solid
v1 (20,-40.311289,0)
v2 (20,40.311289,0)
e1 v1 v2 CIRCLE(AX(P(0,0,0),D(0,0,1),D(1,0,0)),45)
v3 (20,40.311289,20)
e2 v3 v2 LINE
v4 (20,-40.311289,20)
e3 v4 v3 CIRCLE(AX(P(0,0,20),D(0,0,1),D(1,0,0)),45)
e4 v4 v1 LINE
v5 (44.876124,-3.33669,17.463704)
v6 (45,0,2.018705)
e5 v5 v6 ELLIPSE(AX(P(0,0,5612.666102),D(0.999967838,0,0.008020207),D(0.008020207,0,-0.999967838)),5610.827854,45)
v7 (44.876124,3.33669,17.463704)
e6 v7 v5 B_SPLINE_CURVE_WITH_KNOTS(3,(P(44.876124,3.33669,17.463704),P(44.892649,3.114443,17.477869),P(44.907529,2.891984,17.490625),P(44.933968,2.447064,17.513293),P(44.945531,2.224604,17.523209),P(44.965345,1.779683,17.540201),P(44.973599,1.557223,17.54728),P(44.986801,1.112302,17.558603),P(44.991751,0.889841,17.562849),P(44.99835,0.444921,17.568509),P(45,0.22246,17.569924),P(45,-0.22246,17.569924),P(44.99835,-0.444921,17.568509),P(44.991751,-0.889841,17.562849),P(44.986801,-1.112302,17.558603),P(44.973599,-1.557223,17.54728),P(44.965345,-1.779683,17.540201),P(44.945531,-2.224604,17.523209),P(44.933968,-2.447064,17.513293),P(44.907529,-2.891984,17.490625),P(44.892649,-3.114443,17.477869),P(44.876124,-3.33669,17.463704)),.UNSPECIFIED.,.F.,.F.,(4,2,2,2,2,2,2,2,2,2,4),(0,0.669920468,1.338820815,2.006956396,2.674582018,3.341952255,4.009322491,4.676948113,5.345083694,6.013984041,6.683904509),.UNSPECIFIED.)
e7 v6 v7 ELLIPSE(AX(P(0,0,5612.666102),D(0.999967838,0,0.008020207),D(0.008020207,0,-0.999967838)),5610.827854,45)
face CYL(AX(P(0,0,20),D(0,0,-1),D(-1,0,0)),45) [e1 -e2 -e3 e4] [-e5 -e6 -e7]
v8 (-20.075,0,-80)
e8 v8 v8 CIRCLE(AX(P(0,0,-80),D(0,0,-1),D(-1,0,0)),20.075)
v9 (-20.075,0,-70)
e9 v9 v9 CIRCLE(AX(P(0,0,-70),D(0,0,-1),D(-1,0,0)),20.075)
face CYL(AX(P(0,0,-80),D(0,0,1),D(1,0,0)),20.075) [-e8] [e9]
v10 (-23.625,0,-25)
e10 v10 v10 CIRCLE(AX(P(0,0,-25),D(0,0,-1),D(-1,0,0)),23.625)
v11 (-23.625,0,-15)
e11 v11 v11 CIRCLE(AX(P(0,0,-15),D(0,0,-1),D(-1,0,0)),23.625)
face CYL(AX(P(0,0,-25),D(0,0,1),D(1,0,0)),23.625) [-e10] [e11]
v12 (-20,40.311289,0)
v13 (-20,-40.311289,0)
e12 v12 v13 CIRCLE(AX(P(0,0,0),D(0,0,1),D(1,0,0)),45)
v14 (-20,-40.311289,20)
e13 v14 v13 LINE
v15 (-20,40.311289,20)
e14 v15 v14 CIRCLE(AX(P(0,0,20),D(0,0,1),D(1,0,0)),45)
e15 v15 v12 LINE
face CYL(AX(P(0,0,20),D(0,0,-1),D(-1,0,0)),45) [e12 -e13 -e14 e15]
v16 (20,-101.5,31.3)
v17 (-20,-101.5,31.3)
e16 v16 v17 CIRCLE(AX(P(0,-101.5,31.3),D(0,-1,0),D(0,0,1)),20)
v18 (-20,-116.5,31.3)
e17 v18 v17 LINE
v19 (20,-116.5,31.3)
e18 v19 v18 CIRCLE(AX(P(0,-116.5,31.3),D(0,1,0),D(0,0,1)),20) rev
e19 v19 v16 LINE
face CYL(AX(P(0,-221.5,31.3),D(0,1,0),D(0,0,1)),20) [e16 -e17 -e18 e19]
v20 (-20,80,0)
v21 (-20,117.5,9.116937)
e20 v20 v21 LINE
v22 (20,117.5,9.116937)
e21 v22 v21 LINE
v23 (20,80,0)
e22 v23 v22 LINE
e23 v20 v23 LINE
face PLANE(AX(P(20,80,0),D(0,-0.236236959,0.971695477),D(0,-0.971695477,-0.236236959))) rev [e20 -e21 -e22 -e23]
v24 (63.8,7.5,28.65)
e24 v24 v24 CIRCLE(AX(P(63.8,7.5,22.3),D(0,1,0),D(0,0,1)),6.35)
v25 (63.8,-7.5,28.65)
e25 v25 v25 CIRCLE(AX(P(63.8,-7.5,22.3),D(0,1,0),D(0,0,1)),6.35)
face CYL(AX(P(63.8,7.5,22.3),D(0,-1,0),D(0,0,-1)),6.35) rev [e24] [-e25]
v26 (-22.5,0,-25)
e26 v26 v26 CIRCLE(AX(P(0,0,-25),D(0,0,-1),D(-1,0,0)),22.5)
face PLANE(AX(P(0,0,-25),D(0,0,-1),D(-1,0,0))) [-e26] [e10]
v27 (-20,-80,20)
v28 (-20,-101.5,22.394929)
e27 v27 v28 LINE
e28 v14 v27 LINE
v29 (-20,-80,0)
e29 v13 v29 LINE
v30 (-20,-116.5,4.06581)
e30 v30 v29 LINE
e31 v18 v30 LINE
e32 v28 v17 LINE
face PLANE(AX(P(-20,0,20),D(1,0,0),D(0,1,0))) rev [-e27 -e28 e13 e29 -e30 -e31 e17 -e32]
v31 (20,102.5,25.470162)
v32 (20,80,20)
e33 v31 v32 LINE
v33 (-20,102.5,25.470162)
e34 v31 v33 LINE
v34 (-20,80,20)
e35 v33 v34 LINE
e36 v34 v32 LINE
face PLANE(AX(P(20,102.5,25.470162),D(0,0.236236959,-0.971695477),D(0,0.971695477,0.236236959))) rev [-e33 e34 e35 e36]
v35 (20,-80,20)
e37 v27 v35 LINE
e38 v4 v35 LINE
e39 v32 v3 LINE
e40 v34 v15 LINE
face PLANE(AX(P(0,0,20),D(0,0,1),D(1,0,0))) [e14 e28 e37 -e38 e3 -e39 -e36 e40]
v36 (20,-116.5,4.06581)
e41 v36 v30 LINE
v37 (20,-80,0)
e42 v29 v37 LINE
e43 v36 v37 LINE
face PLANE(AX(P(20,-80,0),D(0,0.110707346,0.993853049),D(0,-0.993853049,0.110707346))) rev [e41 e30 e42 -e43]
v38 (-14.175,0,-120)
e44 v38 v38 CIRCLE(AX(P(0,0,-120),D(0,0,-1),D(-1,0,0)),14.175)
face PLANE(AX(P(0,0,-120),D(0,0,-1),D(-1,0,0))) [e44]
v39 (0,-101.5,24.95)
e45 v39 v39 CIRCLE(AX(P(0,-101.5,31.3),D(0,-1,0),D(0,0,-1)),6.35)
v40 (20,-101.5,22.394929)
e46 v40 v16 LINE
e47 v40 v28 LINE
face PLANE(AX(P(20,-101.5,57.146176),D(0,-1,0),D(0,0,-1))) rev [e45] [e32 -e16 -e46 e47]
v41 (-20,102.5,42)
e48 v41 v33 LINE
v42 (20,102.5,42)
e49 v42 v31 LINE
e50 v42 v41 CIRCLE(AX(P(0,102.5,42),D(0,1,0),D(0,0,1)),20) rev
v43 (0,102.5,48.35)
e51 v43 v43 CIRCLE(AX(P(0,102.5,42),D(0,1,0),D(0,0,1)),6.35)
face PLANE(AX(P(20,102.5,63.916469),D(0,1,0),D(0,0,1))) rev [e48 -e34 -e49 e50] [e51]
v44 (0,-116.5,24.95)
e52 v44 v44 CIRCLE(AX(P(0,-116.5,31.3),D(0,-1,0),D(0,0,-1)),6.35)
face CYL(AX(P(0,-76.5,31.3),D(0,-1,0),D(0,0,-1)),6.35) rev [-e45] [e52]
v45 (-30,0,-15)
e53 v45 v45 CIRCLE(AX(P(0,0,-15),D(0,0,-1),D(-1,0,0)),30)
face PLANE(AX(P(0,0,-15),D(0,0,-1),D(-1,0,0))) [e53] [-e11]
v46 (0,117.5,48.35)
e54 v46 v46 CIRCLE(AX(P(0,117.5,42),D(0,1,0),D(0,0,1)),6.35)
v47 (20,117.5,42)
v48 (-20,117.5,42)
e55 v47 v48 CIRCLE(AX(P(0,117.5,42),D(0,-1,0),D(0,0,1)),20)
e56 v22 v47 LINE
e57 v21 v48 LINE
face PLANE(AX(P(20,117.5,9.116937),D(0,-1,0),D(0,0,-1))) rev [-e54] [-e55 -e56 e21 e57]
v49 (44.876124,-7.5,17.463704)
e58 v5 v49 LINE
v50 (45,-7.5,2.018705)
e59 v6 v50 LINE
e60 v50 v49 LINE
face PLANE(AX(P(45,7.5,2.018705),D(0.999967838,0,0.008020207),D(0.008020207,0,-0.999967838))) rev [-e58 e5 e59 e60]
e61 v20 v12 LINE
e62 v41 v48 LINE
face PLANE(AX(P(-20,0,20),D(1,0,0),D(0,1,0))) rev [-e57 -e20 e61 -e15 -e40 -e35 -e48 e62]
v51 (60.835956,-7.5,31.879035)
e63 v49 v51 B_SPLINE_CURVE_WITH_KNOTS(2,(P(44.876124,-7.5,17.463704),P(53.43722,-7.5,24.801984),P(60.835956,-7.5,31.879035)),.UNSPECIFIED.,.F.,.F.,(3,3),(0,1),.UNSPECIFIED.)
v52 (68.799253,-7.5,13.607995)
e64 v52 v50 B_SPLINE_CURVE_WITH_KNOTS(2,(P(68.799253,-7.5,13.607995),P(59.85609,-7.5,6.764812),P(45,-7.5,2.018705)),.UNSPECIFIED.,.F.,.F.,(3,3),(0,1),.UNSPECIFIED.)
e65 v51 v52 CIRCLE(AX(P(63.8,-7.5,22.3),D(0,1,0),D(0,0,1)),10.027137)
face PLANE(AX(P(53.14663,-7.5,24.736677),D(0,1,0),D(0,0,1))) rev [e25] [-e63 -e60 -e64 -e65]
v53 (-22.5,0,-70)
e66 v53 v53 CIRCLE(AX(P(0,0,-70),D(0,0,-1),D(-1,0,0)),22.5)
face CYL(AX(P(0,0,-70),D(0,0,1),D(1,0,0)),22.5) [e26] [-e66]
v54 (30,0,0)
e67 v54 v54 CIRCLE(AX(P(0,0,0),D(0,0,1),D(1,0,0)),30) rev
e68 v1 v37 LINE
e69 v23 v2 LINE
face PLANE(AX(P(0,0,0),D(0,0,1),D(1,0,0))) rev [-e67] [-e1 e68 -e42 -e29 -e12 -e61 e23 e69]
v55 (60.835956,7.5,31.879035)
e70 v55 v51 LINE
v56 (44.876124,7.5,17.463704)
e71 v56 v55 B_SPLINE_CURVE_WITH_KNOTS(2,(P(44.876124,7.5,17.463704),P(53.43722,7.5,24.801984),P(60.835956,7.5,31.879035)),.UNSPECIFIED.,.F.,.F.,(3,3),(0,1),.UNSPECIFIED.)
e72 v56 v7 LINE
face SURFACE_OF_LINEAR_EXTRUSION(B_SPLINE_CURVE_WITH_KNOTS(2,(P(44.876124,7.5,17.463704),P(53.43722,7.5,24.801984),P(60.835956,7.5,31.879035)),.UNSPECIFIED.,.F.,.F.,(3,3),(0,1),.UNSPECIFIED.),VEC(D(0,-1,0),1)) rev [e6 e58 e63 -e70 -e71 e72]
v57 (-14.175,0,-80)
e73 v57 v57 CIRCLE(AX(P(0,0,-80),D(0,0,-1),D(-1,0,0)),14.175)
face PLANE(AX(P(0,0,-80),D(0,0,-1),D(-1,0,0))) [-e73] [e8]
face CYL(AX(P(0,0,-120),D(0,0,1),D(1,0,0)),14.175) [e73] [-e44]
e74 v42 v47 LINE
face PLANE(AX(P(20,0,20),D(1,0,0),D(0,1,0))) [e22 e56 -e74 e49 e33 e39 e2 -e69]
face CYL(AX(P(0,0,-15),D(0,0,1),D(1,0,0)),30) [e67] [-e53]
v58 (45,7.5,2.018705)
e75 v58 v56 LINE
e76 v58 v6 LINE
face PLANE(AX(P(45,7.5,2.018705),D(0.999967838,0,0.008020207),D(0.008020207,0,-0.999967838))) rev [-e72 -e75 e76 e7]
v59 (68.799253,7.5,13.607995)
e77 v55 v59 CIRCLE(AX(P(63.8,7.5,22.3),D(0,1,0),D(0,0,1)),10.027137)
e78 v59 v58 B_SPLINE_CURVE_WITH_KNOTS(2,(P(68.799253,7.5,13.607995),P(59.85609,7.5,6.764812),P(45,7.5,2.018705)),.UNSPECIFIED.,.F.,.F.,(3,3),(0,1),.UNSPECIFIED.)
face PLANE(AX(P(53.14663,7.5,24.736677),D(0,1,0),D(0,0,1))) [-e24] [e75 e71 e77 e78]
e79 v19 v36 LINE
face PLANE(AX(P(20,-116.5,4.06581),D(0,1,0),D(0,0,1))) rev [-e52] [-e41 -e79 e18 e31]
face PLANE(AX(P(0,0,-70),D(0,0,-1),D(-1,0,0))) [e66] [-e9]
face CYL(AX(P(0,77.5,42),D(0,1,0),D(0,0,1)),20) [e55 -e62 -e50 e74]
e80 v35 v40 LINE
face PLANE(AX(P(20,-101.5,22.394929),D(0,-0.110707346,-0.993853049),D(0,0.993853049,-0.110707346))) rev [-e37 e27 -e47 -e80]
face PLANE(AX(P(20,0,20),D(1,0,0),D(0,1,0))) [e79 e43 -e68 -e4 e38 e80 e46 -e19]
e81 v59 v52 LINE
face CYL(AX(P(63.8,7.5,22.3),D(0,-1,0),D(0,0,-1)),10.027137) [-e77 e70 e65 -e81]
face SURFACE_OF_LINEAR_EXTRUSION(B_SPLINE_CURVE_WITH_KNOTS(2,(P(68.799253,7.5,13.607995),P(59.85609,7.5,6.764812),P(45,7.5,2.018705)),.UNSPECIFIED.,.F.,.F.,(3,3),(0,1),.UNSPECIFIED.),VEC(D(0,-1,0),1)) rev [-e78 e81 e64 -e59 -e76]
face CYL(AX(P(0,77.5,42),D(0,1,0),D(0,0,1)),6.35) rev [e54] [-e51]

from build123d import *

# Parameters (mm, degrees)
BOSS_EXTRUDE1_DEPTH = 20
BOSS_EXTRUDE2_DEPTH = 20
CUT_EXTRUDE1_DEPTH  = 40
SKETCH3_R           = 6.35
CUT_EXTRUDE2_DEPTH  = 40
BOSS_EXTRUDE3_DEPTH = 20
SKETCH6_R           = 6.35
CUT_EXTRUDE4_DEPTH  = 40
SKETCH9_R           = 30
SKETCH9_R_2         = 23.625
BOSS_EXTRUDE4_DEPTH = 15
SKETCH9_3_R         = 23.625
SKETCH9_3_R_2       = 22.5
BOSS_EXTRUDE5_DEPTH = 25
SKETCH9_4_R         = 22.5
SKETCH9_4_R_2       = 20.075
BOSS_EXTRUDE6_DEPTH = 70
SKETCH9_5_R         = 20.075
SKETCH9_5_R_2       = 14.175
BOSS_EXTRUDE7_DEPTH = 80
SKETCH9_6_R         = 14.175
BOSS_EXTRUDE8_DEPTH = 120
CUT_EXTRUDE5_DEPTH  = 120
SKETCH12_R          = 6.35
BOSS_EXTRUDE9_DEPTH = 7.5


with BuildPart() as part:
    # Sketch1 → Boss-Extrude1 (new body)
    with BuildSketch(Plane.XY):
        with BuildLine():
            Line((20, 80), (-20, 80))
            Line((-20, 80), (-20, 40.311288741))
            ThreePointArc((-20, 40.311288741), (-45, 0), (-20, -40.311288741))
            Line((-20, -40.311288741), (-20, -80))
            Line((-20, -80), (20, -80))
            Line((20, -80), (20, -40.311288741))
            ThreePointArc((20, -40.311288741), (45, 0), (20, 40.311288741))
            Line((20, 40.311288741), (20, 80))
        make_face()
    extrude(amount=BOSS_EXTRUDE1_DEPTH)

    # Sketch2 → Boss-Extrude2 (add, symmetric)
    with BuildSketch(Plane(origin=(0, 0, 0), x_dir=(0, 0, -1), z_dir=(1, 0, 0))):
        Polygon((-20, 80), (0, 80), (-9.116936514, 117.5), (-63.916468616, 117.5), (-63.916468616, 102.5), (-25.470161908, 102.5), align=None)
    extrude(amount=BOSS_EXTRUDE2_DEPTH, both=True)

    # Sketch4 → Cut-Extrude1 (cut)
    with BuildSketch(Plane(origin=(0, 117.5, 0), x_dir=(1, 0, 0), z_dir=(0, 1, 0))):
        with BuildLine():
            Line((-20, -42), (-20, -63.916468616))
            Line((-20, -63.916468616), (20, -63.916468616))
            Line((20, -63.916468616), (20, -42))
            ThreePointArc((20, -42), (0, -62), (-20, -42))
        make_face()
    extrude(amount=-CUT_EXTRUDE1_DEPTH, mode=Mode.SUBTRACT)

    # Sketch3 → Cut-Extrude2 (cut)
    with BuildSketch(Plane(origin=(0, 117.5, 0), x_dir=(1, 0, 0), z_dir=(0, 1, 0))):
        with Locations((0, -42)):
            Circle(SKETCH3_R)
    extrude(amount=-CUT_EXTRUDE2_DEPTH, mode=Mode.SUBTRACT)

    # Sketch5 → Boss-Extrude3 (add, symmetric)
    with BuildSketch(Plane(origin=(0, 0, 0), x_dir=(0, 0, -1), z_dir=(1, 0, 0))):
        Polygon((-20, -80), (0, -80), (-4.065810475, -116.5), (-57.146175878, -116.5), (-57.146175878, -101.5), (-22.394929458, -101.5), align=None)
    extrude(amount=BOSS_EXTRUDE3_DEPTH, both=True)

    # Sketch6 → Cut-Extrude4 (cut)
    with BuildSketch(Plane.XZ.offset(116.5)):
        with Locations((0, 31.3)):
            Circle(SKETCH6_R)
    extrude(amount=-CUT_EXTRUDE4_DEPTH, mode=Mode.SUBTRACT)

    # Sketch9 → Boss-Extrude4 (add)
    with BuildSketch(Plane(origin=(0, 0, 0), x_dir=(-1, 0, 0), z_dir=(0, 0, -1))):
        Circle(SKETCH9_R)
        Circle(SKETCH9_R_2, mode=Mode.SUBTRACT)
    extrude(amount=BOSS_EXTRUDE4_DEPTH)

    # Sketch9<3> → Boss-Extrude5 (add)
    with BuildSketch(Plane(origin=(0, 0, 0), x_dir=(-1, 0, 0), z_dir=(0, 0, -1))):
        Circle(SKETCH9_3_R)
        Circle(SKETCH9_3_R_2, mode=Mode.SUBTRACT)
    extrude(amount=BOSS_EXTRUDE5_DEPTH)

    # Sketch9<4> → Boss-Extrude6 (add)
    with BuildSketch(Plane(origin=(0, 0, 0), x_dir=(-1, 0, 0), z_dir=(0, 0, -1))):
        Circle(SKETCH9_4_R)
        Circle(SKETCH9_4_R_2, mode=Mode.SUBTRACT)
    extrude(amount=BOSS_EXTRUDE6_DEPTH)

    # Sketch9<5> → Boss-Extrude7 (add)
    with BuildSketch(Plane(origin=(0, 0, 0), x_dir=(-1, 0, 0), z_dir=(0, 0, -1))):
        Circle(SKETCH9_5_R)
        Circle(SKETCH9_5_R_2, mode=Mode.SUBTRACT)
    extrude(amount=BOSS_EXTRUDE7_DEPTH)

    # Sketch9<6> → Boss-Extrude8 (add)
    with BuildSketch(Plane(origin=(0, 0, 0), x_dir=(-1, 0, 0), z_dir=(0, 0, -1))):
        Circle(SKETCH9_6_R)
    extrude(amount=BOSS_EXTRUDE8_DEPTH)

    # Sketch10 → Cut-Extrude5 (cut)
    with BuildSketch(Plane(origin=(0, -101.5, 0), x_dir=(1, 0, 0), z_dir=(0, 1, 0))):
        with BuildLine():
            Line((-20, -31.3), (-20, -57.146175878))
            Line((-20, -57.146175878), (20, -57.146175878))
            Line((20, -57.146175878), (20, -31.3))
            ThreePointArc((20, -31.3), (0, -51.3), (-20, -31.3))
        make_face()
    extrude(amount=-CUT_EXTRUDE5_DEPTH, mode=Mode.SUBTRACT)

    # Sketch12 → Boss-Extrude9 (add, symmetric)
    with BuildSketch(Plane(origin=(0, 0, 0), x_dir=(1, 0, 0), z_dir=(0, 1, 0))):
        with BuildLine():
            Line((45, -2.018705138), (44.876123934, -17.463703547))
            add(Edge.make_bspline(
                [(44.876123934, -17.463703547), (53.437219623, -24.801983569), (60.835955623, -31.879035395)],
                knots=[0, 0, 0, 1, 1, 1], degree=2))
            ThreePointArc((60.835955623, -31.879035395), (72.992020693, -26.306274296), (68.799253388, -13.607995414))
            add(Edge.make_bspline(
                [(45, -2.018705138), (59.856089875, -6.764812241), (68.799253388, -13.607995414)],
                knots=[0, 0, 0, 1, 1, 1], degree=2))
        make_face()
        with Locations((63.8, -22.3)):
            Circle(SKETCH12_R, mode=Mode.SUBTRACT)
    extrude(amount=BOSS_EXTRUDE9_DEPTH, both=True)


solid = part.part
